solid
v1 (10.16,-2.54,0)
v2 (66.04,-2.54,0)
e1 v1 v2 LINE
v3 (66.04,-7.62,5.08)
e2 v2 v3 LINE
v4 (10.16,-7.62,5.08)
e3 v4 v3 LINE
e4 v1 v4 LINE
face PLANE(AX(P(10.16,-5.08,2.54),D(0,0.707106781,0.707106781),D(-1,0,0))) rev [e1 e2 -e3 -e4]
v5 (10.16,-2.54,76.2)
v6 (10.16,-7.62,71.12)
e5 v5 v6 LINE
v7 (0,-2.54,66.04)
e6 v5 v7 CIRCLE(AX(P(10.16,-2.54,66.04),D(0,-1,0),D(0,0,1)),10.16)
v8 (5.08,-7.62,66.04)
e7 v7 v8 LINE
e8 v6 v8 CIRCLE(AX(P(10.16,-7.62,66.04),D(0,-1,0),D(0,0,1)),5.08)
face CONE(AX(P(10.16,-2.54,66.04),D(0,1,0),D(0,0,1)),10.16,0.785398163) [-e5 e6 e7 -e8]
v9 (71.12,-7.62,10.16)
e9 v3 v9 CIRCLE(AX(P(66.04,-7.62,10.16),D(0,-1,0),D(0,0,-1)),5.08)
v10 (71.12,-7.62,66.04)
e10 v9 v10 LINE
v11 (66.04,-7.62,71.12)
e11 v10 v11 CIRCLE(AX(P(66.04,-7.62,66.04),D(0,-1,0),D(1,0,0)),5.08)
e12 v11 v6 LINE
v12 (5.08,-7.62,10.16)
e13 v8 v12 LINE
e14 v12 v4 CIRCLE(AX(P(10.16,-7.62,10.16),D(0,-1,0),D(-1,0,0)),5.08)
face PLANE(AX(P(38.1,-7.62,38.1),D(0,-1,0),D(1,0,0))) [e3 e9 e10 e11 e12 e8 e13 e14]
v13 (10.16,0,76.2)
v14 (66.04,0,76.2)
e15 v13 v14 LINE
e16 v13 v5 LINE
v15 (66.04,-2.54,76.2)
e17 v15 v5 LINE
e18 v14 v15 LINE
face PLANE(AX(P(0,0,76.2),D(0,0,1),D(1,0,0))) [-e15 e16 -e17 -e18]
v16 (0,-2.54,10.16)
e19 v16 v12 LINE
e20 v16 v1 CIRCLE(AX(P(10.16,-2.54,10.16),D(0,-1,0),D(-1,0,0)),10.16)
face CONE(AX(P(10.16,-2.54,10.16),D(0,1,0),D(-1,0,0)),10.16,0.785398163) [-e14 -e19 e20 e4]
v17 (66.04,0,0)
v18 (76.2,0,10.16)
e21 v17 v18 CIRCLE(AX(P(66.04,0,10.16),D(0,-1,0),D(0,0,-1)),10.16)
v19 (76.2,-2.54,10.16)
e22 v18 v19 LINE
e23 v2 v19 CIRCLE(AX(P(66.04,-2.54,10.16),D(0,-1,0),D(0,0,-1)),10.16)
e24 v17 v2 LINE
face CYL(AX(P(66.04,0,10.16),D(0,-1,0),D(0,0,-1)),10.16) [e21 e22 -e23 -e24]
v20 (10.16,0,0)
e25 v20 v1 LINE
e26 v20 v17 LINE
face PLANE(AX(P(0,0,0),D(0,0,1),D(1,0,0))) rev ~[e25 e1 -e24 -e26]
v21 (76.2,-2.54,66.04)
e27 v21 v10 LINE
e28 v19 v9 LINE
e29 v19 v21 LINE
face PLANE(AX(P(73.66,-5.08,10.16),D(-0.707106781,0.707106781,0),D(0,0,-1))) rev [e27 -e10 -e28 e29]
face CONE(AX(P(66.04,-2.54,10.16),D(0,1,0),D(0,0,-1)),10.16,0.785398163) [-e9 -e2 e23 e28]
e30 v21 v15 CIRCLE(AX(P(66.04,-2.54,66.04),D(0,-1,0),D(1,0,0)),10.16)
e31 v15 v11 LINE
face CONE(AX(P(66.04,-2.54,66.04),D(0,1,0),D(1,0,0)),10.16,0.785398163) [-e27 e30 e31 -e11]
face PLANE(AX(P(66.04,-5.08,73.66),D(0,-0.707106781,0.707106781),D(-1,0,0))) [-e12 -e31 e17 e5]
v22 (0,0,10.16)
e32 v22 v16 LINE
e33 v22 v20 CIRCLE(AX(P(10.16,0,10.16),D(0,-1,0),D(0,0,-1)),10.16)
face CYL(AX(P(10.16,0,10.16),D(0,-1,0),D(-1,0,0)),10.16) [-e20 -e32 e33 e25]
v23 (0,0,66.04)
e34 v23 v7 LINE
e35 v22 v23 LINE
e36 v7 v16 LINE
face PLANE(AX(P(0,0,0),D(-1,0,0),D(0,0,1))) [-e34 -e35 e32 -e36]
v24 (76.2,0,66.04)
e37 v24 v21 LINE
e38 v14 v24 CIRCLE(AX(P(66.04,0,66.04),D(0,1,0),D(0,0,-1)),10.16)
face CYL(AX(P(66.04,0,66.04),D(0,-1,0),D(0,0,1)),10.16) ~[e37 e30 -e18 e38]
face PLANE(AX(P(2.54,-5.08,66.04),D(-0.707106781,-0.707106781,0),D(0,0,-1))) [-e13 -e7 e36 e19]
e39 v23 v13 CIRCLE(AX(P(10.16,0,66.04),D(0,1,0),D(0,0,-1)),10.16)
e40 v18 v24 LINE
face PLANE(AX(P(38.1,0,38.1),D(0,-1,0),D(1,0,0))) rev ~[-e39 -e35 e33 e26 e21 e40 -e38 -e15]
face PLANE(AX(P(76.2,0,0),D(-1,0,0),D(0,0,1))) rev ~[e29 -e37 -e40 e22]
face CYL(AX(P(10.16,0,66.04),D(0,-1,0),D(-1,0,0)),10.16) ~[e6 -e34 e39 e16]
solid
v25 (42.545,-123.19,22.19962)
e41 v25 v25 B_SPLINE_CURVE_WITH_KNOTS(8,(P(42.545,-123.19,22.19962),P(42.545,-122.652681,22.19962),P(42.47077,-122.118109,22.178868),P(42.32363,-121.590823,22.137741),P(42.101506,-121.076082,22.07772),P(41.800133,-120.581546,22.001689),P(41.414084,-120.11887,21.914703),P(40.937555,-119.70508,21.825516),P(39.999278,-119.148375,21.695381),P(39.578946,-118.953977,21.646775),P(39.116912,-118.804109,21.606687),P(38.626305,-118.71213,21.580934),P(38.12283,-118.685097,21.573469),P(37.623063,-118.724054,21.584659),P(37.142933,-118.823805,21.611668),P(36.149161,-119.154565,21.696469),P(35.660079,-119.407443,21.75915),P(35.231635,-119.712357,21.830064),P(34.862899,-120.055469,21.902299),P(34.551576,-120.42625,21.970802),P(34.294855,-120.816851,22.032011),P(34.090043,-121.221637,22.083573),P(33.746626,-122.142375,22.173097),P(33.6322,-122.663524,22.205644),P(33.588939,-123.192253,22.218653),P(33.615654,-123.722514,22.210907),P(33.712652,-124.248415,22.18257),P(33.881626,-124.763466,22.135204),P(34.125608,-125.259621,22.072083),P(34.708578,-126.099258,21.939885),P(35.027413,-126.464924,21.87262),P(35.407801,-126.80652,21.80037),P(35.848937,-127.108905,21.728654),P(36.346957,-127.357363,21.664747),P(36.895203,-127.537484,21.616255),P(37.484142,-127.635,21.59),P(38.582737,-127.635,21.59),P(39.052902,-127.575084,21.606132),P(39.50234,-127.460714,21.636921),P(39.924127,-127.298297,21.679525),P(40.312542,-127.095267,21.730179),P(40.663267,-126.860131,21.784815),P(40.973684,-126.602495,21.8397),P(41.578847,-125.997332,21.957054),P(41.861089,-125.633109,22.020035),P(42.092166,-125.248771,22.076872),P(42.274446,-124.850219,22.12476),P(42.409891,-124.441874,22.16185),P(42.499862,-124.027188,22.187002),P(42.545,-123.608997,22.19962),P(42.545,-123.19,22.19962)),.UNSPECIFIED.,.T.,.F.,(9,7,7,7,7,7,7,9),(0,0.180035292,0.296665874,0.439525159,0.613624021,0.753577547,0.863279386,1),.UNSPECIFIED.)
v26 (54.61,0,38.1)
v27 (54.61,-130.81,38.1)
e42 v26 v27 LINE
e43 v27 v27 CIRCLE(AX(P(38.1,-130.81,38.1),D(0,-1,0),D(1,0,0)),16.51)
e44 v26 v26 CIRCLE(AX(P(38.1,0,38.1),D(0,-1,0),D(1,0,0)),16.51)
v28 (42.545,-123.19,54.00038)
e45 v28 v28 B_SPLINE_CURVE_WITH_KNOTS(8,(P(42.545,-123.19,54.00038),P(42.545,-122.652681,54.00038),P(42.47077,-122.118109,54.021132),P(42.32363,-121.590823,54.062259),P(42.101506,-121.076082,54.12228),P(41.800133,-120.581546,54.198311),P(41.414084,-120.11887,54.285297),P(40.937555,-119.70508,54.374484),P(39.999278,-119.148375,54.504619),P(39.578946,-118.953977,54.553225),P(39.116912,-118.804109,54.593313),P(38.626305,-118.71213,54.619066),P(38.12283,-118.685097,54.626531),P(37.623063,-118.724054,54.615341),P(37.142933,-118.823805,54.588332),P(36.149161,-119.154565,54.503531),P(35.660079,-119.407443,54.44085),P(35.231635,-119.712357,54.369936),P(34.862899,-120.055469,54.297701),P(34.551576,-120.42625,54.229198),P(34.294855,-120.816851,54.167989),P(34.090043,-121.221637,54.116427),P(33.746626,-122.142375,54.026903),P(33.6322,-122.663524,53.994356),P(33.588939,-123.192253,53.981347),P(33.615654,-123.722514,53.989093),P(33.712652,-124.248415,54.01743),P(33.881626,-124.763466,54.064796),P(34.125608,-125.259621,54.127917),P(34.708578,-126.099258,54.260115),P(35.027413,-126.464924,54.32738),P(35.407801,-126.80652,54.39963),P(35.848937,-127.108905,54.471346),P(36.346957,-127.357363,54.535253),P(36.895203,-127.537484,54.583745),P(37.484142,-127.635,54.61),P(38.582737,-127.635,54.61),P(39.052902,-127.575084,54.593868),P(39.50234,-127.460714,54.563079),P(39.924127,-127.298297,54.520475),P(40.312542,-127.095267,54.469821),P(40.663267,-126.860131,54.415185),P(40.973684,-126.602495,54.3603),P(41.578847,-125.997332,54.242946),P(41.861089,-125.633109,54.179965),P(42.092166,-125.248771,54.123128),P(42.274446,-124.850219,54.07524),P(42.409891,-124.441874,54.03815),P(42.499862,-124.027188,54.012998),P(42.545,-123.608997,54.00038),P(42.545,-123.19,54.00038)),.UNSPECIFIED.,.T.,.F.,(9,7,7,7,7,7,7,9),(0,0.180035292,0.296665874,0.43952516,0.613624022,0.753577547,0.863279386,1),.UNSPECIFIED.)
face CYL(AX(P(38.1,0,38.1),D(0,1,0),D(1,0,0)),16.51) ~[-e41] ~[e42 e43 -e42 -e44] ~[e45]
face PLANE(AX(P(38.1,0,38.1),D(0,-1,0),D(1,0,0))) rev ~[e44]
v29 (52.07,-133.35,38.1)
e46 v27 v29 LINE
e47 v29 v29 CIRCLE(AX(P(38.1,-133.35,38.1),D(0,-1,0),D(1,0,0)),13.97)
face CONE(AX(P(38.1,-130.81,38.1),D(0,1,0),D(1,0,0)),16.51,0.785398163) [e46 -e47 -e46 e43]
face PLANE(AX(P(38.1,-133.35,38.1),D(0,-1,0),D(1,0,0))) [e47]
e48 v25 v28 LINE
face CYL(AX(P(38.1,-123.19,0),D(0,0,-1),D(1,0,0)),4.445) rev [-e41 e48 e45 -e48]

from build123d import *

# Parameters (mm, degrees)
F0_R      = 16.51
F1_DEPTH  = 133.35
F2_W      = 76.2
F2_H      = 76.2
F3_DEPTH  = 7.62
F4_R      = 10.16
F5_R      = 10.16
F6_R      = 10.16
F7_R      = 10.16
F8_SIZE   = 5.08
F9_SIZE   = 2.54
F10_R     = 4.445
F11_DEPTH = 76.2


with BuildPart() as f1:
    # F0 (on Front) → F1 (new body)
    with BuildSketch(Plane.XZ):
        with Locations((38.1, 38.1)):
            Circle(F0_R)
    extrude(amount=F1_DEPTH)

    # F9
    f9_edges = [f1.edges().sort_by_distance(p)[0] for p in [
        (21.59, -133.35, 38.1),
    ]]
    chamfer(f9_edges, length=F9_SIZE)

    # F10 (on Top) → F11 (cut)
    with BuildSketch(Plane.XY):
        with Locations((38.1, -123.19)):
            Circle(F10_R)
    extrude(amount=F11_DEPTH, mode=Mode.SUBTRACT)


with BuildPart() as f3:
    # F2 (on Front) → F3 (new body)
    with BuildSketch(Plane.XZ):
        with Locations((38.1, 38.1)):
            Rectangle(F2_W, F2_H)
    extrude(amount=F3_DEPTH)

    # F4
    f4_edges = [f3.edges().sort_by_distance(p)[0] for p in [
        (0, -3.81, 0),
    ]]
    fillet(f4_edges, radius=F4_R)

    # F5
    f5_edges = [f3.edges().sort_by_distance(p)[0] for p in [
        (76.2, -3.81, 0),
    ]]
    fillet(f5_edges, radius=F5_R)

    # F6
    f6_edges = [f3.edges().sort_by_distance(p)[0] for p in [
        (0, -3.81, 76.2),
    ]]
    fillet(f6_edges, radius=F6_R)

    # F7
    f7_edges = [f3.edges().sort_by_distance(p)[0] for p in [
        (76.2, -3.81, 76.2),
    ]]
    fillet(f7_edges, radius=F7_R)

    # F8
    f8_edges = [f3.edges().sort_by_distance(p)[0] for p in [
        (38.1, -7.62, 0),
    ]]
    chamfer(f8_edges, length=F8_SIZE)


solid = Compound([f1.part, f3.part])
